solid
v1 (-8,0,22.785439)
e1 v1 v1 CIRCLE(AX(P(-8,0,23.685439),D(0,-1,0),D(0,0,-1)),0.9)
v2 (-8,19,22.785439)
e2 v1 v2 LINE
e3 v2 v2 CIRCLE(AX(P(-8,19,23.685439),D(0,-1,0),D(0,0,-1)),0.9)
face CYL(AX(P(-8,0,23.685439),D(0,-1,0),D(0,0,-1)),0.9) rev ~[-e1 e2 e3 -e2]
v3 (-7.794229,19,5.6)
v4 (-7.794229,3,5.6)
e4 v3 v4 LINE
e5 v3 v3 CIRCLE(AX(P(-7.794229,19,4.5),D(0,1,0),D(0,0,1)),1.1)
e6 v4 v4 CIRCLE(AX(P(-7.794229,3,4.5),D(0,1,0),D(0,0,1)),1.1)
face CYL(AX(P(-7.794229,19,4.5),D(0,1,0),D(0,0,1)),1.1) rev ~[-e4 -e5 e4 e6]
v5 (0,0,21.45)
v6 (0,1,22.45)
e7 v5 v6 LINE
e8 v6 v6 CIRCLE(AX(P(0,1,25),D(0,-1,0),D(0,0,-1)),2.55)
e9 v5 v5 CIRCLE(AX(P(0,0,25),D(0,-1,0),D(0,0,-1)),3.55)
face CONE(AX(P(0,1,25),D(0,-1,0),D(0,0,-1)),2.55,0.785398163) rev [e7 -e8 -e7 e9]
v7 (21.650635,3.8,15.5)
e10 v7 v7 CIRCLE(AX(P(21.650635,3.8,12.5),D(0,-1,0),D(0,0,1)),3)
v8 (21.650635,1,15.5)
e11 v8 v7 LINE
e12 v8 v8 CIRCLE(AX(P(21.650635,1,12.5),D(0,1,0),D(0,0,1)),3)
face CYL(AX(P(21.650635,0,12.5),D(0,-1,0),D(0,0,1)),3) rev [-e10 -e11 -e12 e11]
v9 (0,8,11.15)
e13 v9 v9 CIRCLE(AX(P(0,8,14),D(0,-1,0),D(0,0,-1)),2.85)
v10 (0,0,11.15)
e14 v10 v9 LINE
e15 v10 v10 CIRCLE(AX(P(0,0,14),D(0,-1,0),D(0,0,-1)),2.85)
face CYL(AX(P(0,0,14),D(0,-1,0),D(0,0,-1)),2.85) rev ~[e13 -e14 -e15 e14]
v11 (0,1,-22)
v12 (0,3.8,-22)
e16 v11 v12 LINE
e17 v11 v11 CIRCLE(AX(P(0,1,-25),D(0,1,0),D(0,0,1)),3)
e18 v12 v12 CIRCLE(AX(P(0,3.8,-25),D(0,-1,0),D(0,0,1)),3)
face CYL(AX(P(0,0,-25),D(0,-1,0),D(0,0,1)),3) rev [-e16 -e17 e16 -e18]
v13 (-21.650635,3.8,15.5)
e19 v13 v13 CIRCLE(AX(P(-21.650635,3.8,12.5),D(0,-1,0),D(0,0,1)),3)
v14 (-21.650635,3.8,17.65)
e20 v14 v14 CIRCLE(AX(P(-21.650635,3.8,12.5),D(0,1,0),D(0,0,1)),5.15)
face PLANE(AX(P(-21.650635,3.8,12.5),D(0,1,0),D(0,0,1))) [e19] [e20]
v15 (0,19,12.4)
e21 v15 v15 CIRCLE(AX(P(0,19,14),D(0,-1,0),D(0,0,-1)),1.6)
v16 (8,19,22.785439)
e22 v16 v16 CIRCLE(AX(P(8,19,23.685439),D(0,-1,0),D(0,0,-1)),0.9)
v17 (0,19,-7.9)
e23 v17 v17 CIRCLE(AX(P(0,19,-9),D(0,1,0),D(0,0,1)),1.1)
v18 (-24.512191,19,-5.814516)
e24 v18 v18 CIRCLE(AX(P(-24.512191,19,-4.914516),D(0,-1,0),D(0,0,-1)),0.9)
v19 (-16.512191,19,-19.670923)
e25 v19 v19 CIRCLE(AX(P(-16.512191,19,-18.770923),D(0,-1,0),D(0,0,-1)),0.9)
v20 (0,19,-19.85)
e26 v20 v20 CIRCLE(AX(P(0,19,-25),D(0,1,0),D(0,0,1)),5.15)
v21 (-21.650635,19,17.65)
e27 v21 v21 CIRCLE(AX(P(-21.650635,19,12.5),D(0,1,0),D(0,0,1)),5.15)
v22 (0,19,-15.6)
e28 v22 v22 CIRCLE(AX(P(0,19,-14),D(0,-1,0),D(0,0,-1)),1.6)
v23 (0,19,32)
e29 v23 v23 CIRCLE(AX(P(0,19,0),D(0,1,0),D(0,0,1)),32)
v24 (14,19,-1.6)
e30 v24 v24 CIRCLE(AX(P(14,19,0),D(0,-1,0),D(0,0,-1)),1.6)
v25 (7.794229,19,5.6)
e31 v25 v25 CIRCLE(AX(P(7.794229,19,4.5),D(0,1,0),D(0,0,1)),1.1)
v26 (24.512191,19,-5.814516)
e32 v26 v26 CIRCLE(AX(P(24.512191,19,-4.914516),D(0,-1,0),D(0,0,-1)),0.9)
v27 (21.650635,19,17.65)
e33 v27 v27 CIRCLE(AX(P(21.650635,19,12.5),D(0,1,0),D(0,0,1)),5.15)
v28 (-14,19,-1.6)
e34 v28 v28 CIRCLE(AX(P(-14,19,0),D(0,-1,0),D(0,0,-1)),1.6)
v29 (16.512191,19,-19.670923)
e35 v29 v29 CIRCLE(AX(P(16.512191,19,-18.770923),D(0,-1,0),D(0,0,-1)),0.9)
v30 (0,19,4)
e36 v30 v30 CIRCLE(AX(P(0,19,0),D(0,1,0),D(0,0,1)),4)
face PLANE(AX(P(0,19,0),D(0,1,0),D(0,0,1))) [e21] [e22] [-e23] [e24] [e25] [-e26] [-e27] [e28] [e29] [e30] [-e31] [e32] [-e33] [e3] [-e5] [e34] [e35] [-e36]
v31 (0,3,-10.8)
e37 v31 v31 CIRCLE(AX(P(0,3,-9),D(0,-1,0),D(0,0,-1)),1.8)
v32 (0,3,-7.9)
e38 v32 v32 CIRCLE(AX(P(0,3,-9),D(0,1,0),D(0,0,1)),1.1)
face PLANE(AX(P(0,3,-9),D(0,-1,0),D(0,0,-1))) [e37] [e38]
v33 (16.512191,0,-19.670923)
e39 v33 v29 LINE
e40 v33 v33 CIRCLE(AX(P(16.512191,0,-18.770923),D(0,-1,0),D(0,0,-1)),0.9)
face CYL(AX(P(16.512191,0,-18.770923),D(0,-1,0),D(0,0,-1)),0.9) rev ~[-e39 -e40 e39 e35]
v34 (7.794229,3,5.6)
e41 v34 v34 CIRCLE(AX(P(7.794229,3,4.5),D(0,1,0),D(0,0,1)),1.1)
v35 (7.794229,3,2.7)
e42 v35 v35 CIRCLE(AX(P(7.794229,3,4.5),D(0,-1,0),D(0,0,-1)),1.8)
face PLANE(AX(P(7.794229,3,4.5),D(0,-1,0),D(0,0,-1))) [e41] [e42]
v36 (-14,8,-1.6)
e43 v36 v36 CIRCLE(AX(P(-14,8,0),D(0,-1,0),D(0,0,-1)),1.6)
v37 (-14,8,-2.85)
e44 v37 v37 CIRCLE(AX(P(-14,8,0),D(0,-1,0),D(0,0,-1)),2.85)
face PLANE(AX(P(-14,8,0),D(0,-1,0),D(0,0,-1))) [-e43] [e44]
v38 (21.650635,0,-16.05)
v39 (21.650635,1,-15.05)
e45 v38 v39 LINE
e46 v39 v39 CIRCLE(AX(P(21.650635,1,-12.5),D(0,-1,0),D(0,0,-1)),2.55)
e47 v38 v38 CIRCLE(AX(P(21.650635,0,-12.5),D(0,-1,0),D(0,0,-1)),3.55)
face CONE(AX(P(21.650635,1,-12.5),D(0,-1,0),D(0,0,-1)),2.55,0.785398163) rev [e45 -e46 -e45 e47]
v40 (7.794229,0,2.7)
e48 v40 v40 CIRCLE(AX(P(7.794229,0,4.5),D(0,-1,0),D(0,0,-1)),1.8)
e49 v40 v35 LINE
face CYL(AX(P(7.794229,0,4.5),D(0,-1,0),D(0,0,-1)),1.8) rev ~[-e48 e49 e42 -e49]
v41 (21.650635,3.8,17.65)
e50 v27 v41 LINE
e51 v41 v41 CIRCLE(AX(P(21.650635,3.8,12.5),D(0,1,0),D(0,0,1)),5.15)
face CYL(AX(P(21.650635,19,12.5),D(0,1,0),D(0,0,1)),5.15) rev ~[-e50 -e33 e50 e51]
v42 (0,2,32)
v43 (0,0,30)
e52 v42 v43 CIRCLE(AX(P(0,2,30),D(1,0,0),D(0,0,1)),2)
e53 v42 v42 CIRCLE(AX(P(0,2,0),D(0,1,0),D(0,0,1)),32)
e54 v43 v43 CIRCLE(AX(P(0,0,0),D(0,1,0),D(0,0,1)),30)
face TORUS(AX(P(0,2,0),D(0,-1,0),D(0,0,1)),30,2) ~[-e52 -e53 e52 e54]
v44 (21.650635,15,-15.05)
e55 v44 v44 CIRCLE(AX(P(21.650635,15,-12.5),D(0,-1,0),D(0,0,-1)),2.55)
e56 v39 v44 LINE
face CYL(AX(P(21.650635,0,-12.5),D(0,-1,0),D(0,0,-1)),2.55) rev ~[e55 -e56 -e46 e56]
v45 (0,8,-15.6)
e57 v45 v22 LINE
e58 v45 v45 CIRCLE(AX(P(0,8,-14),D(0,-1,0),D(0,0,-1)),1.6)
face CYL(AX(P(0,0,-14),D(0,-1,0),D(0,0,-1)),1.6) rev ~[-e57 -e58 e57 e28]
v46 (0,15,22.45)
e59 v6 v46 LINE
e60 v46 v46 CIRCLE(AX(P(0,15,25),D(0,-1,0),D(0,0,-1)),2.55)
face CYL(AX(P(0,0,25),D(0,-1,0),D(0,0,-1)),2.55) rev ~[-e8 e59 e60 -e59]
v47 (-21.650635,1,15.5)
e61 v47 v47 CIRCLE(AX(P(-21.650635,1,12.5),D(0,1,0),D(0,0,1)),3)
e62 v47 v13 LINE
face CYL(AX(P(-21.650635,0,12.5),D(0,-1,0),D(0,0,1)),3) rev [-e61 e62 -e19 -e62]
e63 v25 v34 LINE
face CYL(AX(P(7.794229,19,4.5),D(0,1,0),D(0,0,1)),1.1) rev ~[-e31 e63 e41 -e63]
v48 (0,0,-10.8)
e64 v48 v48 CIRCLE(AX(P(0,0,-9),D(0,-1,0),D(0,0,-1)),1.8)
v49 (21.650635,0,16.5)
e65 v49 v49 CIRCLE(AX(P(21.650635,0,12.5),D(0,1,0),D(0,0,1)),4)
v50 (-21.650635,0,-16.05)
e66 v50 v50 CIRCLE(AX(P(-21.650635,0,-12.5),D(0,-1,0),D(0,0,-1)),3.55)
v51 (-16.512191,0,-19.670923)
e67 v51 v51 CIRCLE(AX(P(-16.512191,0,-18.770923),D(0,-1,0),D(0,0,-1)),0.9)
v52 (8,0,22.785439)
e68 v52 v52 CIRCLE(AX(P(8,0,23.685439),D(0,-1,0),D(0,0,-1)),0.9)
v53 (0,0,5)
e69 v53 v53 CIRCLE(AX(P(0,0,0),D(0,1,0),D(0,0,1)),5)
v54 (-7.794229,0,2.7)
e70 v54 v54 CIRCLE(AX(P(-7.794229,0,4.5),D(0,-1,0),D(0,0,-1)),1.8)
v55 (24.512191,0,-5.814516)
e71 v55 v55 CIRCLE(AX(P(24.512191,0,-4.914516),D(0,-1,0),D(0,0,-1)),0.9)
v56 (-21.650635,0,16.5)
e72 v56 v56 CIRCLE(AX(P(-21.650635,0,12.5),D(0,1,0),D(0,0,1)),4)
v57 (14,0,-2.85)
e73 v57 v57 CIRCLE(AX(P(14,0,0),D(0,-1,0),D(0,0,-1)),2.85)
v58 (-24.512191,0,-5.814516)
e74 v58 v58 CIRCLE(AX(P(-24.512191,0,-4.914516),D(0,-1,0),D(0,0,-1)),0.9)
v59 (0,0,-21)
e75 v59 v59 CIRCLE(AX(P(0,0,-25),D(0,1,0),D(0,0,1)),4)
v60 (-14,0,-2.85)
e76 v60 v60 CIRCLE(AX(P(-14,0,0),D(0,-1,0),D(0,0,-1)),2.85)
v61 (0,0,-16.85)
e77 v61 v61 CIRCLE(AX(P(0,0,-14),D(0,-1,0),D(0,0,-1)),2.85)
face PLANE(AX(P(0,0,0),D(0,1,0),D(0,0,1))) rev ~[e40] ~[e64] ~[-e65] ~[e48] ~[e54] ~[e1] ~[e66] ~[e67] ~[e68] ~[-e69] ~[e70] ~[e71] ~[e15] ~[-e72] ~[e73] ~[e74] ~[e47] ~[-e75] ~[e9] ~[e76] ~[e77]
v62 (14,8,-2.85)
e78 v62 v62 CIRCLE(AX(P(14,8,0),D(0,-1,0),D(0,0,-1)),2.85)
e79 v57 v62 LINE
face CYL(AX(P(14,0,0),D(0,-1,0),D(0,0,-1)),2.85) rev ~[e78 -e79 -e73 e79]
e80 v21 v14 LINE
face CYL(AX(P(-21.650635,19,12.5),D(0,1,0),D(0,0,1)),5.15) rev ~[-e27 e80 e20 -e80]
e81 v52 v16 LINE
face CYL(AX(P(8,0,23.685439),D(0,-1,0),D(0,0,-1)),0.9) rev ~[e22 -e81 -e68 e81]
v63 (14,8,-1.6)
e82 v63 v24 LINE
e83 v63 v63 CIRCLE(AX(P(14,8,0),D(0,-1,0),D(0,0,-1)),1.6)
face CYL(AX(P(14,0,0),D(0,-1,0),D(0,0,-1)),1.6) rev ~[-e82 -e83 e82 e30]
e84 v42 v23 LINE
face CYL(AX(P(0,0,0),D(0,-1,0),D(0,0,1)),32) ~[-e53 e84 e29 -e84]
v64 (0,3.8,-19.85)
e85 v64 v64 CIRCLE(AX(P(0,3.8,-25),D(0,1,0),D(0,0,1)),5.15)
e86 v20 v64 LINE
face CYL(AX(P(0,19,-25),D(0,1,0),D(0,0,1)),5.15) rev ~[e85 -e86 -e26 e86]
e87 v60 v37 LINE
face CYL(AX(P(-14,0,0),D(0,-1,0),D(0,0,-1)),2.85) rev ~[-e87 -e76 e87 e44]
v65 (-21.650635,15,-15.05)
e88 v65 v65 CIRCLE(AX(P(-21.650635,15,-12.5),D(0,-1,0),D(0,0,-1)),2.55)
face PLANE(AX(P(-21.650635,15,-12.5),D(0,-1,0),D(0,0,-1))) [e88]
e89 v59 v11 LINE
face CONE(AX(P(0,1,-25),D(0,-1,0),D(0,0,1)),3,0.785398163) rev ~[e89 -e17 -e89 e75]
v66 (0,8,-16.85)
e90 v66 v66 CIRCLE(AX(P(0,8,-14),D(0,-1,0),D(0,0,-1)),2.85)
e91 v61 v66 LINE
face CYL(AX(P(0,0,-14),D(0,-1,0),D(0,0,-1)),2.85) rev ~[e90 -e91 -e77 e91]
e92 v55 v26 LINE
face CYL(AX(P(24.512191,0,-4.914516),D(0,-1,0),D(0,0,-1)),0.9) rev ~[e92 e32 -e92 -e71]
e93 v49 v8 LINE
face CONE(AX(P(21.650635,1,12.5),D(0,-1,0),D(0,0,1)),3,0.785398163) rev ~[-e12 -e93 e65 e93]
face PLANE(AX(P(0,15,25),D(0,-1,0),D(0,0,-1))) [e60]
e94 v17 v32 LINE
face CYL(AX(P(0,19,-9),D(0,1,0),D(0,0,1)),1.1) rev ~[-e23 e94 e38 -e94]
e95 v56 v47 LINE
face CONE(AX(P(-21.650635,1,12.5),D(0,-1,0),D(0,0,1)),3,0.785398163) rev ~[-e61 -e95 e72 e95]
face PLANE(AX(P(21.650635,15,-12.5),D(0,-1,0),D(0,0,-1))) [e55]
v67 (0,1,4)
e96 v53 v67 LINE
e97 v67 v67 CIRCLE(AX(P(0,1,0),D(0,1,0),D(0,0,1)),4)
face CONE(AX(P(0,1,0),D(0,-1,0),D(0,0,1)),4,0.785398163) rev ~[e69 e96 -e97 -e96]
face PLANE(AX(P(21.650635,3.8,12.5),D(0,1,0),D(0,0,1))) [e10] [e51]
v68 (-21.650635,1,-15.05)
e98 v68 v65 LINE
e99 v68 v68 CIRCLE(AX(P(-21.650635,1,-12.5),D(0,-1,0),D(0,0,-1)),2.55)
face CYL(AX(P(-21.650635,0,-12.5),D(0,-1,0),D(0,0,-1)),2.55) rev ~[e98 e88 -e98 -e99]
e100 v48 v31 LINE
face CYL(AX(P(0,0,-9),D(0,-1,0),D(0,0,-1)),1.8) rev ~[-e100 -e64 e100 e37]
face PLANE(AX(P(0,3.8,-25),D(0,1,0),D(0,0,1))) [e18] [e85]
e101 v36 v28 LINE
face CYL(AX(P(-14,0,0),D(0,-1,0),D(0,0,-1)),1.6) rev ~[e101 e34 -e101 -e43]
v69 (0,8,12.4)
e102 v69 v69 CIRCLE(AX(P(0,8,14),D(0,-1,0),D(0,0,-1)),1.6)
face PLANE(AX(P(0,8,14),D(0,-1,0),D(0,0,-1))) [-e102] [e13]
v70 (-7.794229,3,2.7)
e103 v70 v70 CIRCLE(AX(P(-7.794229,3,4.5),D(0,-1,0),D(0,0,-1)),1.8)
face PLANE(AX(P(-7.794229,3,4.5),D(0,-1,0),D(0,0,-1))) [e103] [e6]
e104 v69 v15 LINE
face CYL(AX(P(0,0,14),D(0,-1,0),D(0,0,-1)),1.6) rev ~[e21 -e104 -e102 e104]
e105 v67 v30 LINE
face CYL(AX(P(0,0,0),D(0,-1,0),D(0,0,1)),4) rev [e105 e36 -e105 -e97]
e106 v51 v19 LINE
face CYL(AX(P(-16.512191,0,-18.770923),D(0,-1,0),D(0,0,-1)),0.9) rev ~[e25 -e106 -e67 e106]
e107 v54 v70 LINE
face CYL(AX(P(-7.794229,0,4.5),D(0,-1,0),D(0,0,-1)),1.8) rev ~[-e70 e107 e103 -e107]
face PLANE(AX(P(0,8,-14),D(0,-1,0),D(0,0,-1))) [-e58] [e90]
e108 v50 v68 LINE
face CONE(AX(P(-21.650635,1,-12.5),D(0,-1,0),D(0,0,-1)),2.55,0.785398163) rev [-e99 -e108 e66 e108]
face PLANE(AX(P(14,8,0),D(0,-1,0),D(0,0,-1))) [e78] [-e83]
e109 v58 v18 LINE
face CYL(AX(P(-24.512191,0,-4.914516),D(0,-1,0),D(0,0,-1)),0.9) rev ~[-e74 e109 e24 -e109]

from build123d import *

# Parameters (mm, degrees)
SKETCH_1_R          = 32
SKETCH_1_R_2        = 4
SKETCH_1_R_3        = 3
EXTRUDE_1_DEPTH     = 19
FILLET_1_R          = 2
SKETCH_2_R          = 5.15
CUT_EXTRUDE_1_DEPTH = 15.2
SKETCH_3_R          = 2.55
CUT_EXTRUDE_2_DEPTH = 15
SKETCH_4_R          = 1.6
CUT_EXTRUDE_3_DEPTH = 50.081564832
SKETCH_5_R          = 1.1
CUT_EXTRUDE_4_DEPTH = 50.081564832
SKETCH_6_R          = 2.85
CUT_EXTRUDE_5_DEPTH = 8
SKETCH_7_R          = 1.8
CUT_EXTRUDE_6_DEPTH = 3
CHAMFER_1_SIZE      = 1
SKETCH_8_R          = 0.9
CUT_EXTRUDE_7_DEPTH = 50.081564832


with BuildPart() as part:
    # Эскиз1 → Бобышка-Вытянуть1 (new body)
    with BuildSketch(Plane(origin=(0, 0, 0), x_dir=(1, 0, 0), z_dir=(0, 1, 0))):
        with Locations(Location((0, 0, 0), (0, 0, 270))):
            Circle(SKETCH_1_R)
        with Locations(Location((0, 0, 0), (0, 0, 270))):
            Circle(SKETCH_1_R_2, mode=Mode.SUBTRACT)
        with Locations(Location((0, 25, 0), (0, 0, 270))):
            Circle(SKETCH_1_R_3, mode=Mode.SUBTRACT)
        with Locations(Location((21.650635095, -12.5, 0), (0, 0, 270))):
            Circle(SKETCH_1_R_3, mode=Mode.SUBTRACT)
        with Locations(Location((-21.650635095, -12.5, 0), (0, 0, 270))):
            Circle(SKETCH_1_R_3, mode=Mode.SUBTRACT)
    extrude(amount=EXTRUDE_1_DEPTH)

    # Скругление1
    fillet_1_edges = [part.edges().sort_by_distance(p)[0] for p in [
        (0, 0, -32),
    ]]
    fillet(fillet_1_edges, radius=FILLET_1_R)

    # Эскиз2 → Вырез-Вытянуть1 (cut)
    with BuildSketch(Plane(origin=(0, 19, 0), x_dir=(1, 0, 0), z_dir=(0, 1, 0))):
        with Locations(Location((0, 25, 0), (0, 0, 270))):
            Circle(SKETCH_2_R)
        with Locations(Location((21.650635095, -12.5, 0), (0, 0, 270))):
            Circle(SKETCH_2_R)
        with Locations(Location((-21.650635095, -12.5, 0), (0, 0, 270))):
            Circle(SKETCH_2_R)
    extrude(amount=-CUT_EXTRUDE_1_DEPTH, mode=Mode.SUBTRACT)

    # Эскиз3 → Вырез-Вытянуть2 (cut)
    with BuildSketch(Plane.XZ):
        with Locations(Location((0, 25, 0), (0, 0, 270))):
            Circle(SKETCH_3_R)
        with Locations(Location((21.650635095, -12.5, 0), (0, 0, 270))):
            Circle(SKETCH_3_R)
        with Locations(Location((-21.650635095, -12.5, 0), (0, 0, 270))):
            Circle(SKETCH_3_R)
    extrude(amount=-CUT_EXTRUDE_2_DEPTH, mode=Mode.SUBTRACT)

    # Эскиз4 → Вырез-Вытянуть3 (cut, through all)
    with BuildSketch(Plane.XZ):
        with Locations(Location((0, 14, 0), (0, 0, 270))):
            Circle(SKETCH_4_R)
        with Locations(Location((14, 0, 0), (0, 0, 270))):
            Circle(SKETCH_4_R)
        with Locations(Location((0, -14, 0), (0, 0, 270))):
            Circle(SKETCH_4_R)
        with Locations(Location((-14, 0, 0), (0, 0, 270))):
            Circle(SKETCH_4_R)
    extrude(amount=-CUT_EXTRUDE_3_DEPTH, mode=Mode.SUBTRACT)

    # Эскиз5 → Вырез-Вытянуть4 (cut, through all)
    with BuildSketch(Plane(origin=(0, 19, 0), x_dir=(1, 0, 0), z_dir=(0, 1, 0))):
        with Locations(Location((0, 9, 0), (0, 0, 270))):
            Circle(SKETCH_5_R)
        with Locations(Location((7.794228634, -4.5, 0), (0, 0, 270))):
            Circle(SKETCH_5_R)
        with Locations(Location((-7.794228634, -4.5, 0), (0, 0, 270))):
            Circle(SKETCH_5_R)
    extrude(amount=-CUT_EXTRUDE_4_DEPTH, mode=Mode.SUBTRACT)

    # Эскиз6 → Вырез-Вытянуть5 (cut)
    with BuildSketch(Plane.XZ):
        with Locations(Location((0, 14, 0), (0, 0, 270))):
            Circle(SKETCH_6_R)
        with Locations(Location((14, 0, 0), (0, 0, 270))):
            Circle(SKETCH_6_R)
        with Locations(Location((0, -14, 0), (0, 0, 270))):
            Circle(SKETCH_6_R)
        with Locations(Location((-14, 0, 0), (0, 0, 270))):
            Circle(SKETCH_6_R)
    extrude(amount=-CUT_EXTRUDE_5_DEPTH, mode=Mode.SUBTRACT)

    # Эскиз7 → Вырез-Вытянуть6 (cut)
    with BuildSketch(Plane.XZ):
        with Locations(Location((7.794228634, 4.5, 0), (0, 0, 270))):
            Circle(SKETCH_7_R)
        with Locations(Location((0, -9, 0), (0, 0, 270))):
            Circle(SKETCH_7_R)
        with Locations(Location((-7.794228634, 4.5, 0), (0, 0, 270))):
            Circle(SKETCH_7_R)
    extrude(amount=-CUT_EXTRUDE_6_DEPTH, mode=Mode.SUBTRACT)

    # Фаска1
    chamfer_1_edges = [part.edges().sort_by_distance(p)[0] for p in [
        (21.650635095, 0, 9.5),
        (-21.650635095, 0, 9.5),
        (0, 0, 27.55),
        (21.650635095, 0, -9.95),
        (-21.650635095, 0, -9.95),
        (0, 0, -4),
        (0, 0, -28),
    ]]
    chamfer(chamfer_1_edges, length=CHAMFER_1_SIZE)

    # Эскиз8 → Вырез-Вытянуть7 (cut, through all)
    with BuildSketch(Plane.XZ):
        with Locations(Location((-8, 23.685438565, 0), (0, 0, 270))):
            Circle(SKETCH_8_R)
        with Locations(Location((8, 23.685438565, 0), (0, 0, 270))):
            Circle(SKETCH_8_R)
        with Locations(Location((24.512191497, -4.914516052, 0), (0, 0, 270))):
            Circle(SKETCH_8_R)
        with Locations(Location((16.512191497, -18.770922513, 0), (0, 0, 270))):
            Circle(SKETCH_8_R)
        with Locations(Location((-16.512191497, -18.770922513, 0), (0, 0, 270))):
            Circle(SKETCH_8_R)
        with Locations(Location((-24.512191497, -4.914516052, 0), (0, 0, 270))):
            Circle(SKETCH_8_R)
    extrude(amount=-CUT_EXTRUDE_7_DEPTH, mode=Mode.SUBTRACT)


solid = part.part
